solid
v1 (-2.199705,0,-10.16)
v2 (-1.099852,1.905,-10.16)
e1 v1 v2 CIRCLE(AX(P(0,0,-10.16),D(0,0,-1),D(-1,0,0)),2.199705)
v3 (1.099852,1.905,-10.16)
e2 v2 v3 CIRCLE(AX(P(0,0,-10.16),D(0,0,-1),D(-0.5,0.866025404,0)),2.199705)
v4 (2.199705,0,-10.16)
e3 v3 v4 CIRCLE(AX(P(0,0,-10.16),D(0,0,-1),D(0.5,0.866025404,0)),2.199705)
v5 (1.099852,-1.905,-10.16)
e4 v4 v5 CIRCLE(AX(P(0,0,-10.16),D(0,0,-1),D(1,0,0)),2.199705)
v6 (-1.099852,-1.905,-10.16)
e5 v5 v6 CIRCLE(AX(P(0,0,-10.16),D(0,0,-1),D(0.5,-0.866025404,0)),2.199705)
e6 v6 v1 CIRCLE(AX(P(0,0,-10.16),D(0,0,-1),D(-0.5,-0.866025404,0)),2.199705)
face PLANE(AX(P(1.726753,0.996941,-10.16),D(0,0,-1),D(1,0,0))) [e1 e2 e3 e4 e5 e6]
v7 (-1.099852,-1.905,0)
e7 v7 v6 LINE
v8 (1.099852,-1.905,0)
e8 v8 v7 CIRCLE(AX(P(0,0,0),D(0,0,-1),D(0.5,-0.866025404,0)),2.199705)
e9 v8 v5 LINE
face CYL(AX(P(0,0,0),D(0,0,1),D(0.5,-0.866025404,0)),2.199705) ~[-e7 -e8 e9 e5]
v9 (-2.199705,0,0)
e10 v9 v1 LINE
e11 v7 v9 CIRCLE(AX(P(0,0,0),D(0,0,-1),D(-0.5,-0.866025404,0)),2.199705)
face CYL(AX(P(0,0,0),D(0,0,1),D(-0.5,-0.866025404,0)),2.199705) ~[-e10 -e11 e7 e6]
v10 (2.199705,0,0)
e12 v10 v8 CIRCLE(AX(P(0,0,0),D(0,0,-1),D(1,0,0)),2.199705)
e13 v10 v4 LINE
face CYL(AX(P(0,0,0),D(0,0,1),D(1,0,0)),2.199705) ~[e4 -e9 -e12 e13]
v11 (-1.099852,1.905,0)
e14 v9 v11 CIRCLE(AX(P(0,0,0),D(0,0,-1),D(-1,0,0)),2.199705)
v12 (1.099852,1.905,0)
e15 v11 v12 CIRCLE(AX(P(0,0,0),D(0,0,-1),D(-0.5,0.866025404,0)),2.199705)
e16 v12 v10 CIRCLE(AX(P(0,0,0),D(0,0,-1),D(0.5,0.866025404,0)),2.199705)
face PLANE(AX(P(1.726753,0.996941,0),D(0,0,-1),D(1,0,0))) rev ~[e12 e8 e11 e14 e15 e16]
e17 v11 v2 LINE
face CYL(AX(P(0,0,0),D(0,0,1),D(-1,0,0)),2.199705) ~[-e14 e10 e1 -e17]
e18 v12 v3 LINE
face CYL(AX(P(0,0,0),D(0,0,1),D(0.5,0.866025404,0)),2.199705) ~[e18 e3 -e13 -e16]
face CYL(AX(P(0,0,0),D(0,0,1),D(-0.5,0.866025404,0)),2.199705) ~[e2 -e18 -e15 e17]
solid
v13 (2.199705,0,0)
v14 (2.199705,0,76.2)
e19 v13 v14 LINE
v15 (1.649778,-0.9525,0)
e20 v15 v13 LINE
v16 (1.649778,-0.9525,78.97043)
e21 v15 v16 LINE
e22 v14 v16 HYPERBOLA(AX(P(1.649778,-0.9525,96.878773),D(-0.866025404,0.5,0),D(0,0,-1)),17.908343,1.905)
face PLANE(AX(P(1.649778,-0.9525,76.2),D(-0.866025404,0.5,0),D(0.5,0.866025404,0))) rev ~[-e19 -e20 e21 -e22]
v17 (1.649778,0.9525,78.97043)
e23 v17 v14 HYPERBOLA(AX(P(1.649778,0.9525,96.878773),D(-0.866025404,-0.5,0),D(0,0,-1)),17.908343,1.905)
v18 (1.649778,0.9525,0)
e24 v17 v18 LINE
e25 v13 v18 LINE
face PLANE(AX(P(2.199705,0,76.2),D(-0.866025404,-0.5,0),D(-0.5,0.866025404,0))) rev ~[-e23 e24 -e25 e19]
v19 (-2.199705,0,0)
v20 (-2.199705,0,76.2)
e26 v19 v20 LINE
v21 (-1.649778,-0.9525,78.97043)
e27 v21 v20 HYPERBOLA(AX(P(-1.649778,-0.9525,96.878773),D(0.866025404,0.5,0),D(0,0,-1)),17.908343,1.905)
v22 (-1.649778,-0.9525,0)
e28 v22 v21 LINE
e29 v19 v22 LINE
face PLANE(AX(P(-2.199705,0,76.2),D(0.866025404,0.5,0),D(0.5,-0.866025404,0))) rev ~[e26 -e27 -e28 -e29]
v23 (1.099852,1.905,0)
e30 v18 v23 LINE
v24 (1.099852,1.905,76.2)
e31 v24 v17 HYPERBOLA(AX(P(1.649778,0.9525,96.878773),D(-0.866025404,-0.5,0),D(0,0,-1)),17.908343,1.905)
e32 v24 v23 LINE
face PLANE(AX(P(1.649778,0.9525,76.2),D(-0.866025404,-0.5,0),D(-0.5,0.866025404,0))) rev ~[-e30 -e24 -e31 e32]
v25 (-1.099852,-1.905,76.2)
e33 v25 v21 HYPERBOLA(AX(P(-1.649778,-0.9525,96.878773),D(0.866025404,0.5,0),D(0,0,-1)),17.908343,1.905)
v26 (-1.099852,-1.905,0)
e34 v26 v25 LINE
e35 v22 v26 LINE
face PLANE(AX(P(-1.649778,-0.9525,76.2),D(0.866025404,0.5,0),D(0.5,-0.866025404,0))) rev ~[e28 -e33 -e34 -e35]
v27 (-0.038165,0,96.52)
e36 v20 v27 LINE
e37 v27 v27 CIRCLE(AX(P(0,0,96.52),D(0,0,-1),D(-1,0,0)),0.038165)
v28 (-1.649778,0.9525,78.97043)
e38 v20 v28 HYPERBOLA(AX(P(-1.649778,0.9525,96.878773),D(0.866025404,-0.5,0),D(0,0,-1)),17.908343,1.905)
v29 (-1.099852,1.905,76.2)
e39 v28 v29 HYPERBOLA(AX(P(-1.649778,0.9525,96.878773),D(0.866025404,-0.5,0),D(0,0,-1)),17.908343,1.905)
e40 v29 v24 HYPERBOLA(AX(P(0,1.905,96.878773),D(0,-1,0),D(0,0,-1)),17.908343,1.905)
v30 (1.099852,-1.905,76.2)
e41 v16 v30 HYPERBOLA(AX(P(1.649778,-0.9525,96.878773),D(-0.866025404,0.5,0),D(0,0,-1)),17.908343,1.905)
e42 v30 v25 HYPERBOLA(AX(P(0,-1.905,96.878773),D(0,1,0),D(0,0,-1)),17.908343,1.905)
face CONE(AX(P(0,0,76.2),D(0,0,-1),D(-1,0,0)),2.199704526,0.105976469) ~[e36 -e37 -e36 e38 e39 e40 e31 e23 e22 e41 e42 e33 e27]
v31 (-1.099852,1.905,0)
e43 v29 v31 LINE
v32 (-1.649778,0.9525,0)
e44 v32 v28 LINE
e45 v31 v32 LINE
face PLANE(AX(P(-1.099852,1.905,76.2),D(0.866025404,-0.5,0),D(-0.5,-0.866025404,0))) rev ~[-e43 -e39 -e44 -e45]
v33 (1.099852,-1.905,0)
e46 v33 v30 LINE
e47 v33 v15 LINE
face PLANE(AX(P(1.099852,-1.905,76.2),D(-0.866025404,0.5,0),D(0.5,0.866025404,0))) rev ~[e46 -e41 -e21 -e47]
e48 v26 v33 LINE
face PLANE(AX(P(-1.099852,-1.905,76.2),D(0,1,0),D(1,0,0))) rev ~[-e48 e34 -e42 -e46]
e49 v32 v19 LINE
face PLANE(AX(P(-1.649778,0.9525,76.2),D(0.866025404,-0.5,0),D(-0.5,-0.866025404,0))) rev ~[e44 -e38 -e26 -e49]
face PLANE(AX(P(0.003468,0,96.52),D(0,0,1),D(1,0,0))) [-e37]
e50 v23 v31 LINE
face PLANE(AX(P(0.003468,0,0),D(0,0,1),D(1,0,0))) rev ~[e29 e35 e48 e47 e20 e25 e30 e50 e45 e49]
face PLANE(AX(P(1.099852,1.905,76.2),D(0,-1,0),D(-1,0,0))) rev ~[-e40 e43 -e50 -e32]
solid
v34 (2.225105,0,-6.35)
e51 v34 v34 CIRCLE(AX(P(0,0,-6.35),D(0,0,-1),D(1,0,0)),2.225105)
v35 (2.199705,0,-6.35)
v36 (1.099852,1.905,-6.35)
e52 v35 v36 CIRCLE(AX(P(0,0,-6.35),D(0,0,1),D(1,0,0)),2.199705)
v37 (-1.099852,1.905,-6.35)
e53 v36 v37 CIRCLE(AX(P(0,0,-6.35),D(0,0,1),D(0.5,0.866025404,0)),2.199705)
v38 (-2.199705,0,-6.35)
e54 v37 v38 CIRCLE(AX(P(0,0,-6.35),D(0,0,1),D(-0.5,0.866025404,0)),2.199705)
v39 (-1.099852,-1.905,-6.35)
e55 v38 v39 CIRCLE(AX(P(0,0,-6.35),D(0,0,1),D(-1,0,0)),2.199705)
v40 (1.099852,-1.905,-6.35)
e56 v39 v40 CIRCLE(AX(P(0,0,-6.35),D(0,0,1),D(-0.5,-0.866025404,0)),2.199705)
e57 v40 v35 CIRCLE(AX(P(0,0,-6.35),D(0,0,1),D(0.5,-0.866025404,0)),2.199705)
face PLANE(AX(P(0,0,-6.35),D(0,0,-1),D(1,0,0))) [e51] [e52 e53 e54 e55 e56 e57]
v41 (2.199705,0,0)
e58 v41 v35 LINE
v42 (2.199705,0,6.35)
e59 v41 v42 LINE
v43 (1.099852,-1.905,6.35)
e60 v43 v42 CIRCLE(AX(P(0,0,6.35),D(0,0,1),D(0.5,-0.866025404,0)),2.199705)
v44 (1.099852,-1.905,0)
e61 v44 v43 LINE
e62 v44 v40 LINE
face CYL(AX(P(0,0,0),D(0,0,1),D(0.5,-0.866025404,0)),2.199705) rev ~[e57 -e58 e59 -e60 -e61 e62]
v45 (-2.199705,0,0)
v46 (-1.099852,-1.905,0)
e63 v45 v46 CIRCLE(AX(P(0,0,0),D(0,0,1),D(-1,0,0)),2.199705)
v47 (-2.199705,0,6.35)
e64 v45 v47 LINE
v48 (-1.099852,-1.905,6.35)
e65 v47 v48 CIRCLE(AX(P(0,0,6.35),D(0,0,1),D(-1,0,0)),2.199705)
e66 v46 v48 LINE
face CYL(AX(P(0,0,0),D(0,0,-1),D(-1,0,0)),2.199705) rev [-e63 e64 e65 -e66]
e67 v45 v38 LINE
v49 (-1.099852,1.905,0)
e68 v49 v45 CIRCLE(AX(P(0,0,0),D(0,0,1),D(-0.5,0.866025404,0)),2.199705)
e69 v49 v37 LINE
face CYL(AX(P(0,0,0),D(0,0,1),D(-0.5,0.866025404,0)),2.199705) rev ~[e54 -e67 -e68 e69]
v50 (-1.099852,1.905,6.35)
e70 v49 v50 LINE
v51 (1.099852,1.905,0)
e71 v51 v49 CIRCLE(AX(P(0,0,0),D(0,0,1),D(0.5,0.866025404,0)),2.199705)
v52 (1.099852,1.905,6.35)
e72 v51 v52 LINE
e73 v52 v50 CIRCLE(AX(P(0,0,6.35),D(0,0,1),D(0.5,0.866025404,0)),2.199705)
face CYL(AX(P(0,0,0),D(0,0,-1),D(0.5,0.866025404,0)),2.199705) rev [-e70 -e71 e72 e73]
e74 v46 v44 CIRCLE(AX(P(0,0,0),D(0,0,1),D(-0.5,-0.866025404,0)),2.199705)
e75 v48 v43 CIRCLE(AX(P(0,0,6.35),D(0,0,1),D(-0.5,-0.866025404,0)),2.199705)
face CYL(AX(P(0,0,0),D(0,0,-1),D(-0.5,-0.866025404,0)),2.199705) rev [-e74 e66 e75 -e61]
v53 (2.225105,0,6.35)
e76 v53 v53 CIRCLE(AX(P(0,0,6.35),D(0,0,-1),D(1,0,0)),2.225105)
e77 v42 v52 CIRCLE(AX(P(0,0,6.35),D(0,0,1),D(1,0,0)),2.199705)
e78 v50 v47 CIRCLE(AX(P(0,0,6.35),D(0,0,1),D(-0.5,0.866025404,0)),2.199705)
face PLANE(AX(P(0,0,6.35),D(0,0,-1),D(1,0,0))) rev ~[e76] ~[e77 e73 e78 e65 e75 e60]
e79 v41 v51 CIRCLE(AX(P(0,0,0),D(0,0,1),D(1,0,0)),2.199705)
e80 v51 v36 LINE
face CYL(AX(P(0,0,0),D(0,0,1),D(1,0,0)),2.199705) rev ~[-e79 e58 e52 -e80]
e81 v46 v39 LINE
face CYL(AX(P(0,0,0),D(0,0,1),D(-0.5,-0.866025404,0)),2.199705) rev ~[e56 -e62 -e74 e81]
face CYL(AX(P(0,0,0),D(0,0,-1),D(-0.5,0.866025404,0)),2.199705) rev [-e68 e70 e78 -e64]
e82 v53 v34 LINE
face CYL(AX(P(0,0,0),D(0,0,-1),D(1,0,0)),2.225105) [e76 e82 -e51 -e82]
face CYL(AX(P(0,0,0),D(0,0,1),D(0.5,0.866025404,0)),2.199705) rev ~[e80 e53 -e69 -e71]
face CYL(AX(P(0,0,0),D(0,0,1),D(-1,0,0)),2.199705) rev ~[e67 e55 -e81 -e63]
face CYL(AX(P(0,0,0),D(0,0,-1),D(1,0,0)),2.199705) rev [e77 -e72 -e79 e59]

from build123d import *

# Parameters (mm, degrees)
F1_DEPTH = 76.2
F2_DEPTH = 20.32
F6_R     = 2.2251045256
F7_DEPTH = 6.35
F8_DEPTH = 10.16


with BuildPart() as f1:
    # F0 (on Top) → F1 (new body)
    with BuildSketch(Plane.XY):
        with BuildLine():
            ThreePointArc((1.6497784004, -0.9524999894), (1.8400887007, -0.493050275), (1.905, 0))
            ThreePointArc((1.905, 0), (1.8400887022, 0.4930502693), (1.6497784063, 0.9524999791))
            ThreePointArc((1.6497784063, 0.9524999791), (0.9525000104, 1.6497783882), (0, 1.905))
            ThreePointArc((0, 1.905), (-0.9525000104, 1.6497783882), (-1.6497784063, 0.9524999791))
            ThreePointArc((-1.6497784063, 0.9524999791), (-1.905, 0), (-1.6497784063, -0.9524999791))
            ThreePointArc((-1.6497784063, -0.9524999791), (-0.9525000104, -1.6497783882), (0, -1.905))
            ThreePointArc((0, -1.905), (0.9525000053, -1.6497783911), (1.6497784004, -0.9524999894))
        make_face()
        with BuildLine():
            ThreePointArc((-1.6497784063, 0.9524999791), (-0.9525000104, 1.6497783882), (0, 1.905))
            Line((0, 1.905), (-1.0998522628, 1.905))
            Line((-1.0998522628, 1.905), (-1.6497784063, 0.9524999791))
        make_face()
        with BuildLine():
            ThreePointArc((-1.6497784063, -0.9524999791), (-1.905, 0), (-1.6497784063, 0.9524999791))
            Line((-1.6497784063, 0.9524999791), (-2.1997045256, 0))
            Line((-2.1997045256, 0), (-1.6497784063, -0.9524999791))
        make_face()
        with BuildLine():
            Line((-1.0998522628, -1.905), (0, -1.905))
            ThreePointArc((0, -1.905), (-0.9525000104, -1.6497783882), (-1.6497784063, -0.9524999791))
            Line((-1.6497784063, -0.9524999791), (-1.0998522628, -1.905))
        make_face()
        with BuildLine():
            Line((1.0998522628, -1.905), (1.6497784004, -0.9524999894))
            ThreePointArc((1.6497784004, -0.9524999894), (0.9525000053, -1.6497783911), (0, -1.905))
            Line((0, -1.905), (1.0998522628, -1.905))
        make_face()
        with BuildLine():
            ThreePointArc((1.6497784063, 0.9524999791), (1.8400887022, 0.4930502693), (1.905, 0))
            ThreePointArc((1.905, 0), (1.8400887007, -0.493050275), (1.6497784004, -0.9524999894))
            Line((1.6497784004, -0.9524999894), (2.1997045256, 0))
            Line((2.1997045256, 0), (1.6497784063, 0.9524999791))
        make_face()
        with BuildLine():
            ThreePointArc((0, 1.905), (0.9525000104, 1.6497783882), (1.6497784063, 0.9524999791))
            Line((1.6497784063, 0.9524999791), (1.0998522628, 1.905))
            Line((1.0998522628, 1.905), (0, 1.905))
        make_face()
    extrude(amount=F1_DEPTH)

    # F2 (add): a face of the model
    f2_faces = [f1.faces().sort_by_distance(p)[0] for p in [
        (0, 0, 76.2),
    ]]
    extrude(f2_faces, amount=F2_DEPTH)

    # F3 (on Front) → F5 (revolve, cut)
    with BuildSketch(Plane.XZ):
        Polygon((-2.1997045256, 96.52), (-2.1997045256, 76.2), (-0.0381645256, 96.52), align=None)
    revolve(axis=Axis((0, 0, 48.3170896769), (0, 0, -1)), mode=Mode.SUBTRACT)


with BuildPart() as f7:
    # F6 (on face) → F7 (new body, symmetric)
    with BuildSketch(Plane(origin=(0, 0, 0), x_dir=(1, 0, 0), z_dir=(0, 0, -1))):
        Circle(F6_R)
        with BuildLine():
            ThreePointArc((1.0998522628, 1.905), (1.905, 1.0998522628), (2.1997045256, 0))
            ThreePointArc((2.1997045256, 0), (1.905, -1.0998522628), (1.0998522628, -1.905))
            ThreePointArc((1.0998522628, -1.905), (0, -2.1997045256), (-1.0998522628, -1.905))
            ThreePointArc((-1.0998522628, -1.905), (-1.905, -1.0998522628), (-2.1997045256, 0))
            ThreePointArc((-2.1997045256, 0), (-1.905, 1.0998522628), (-1.0998522628, 1.905))
            ThreePointArc((-1.0998522628, 1.905), (0, 2.1997045256), (1.0998522628, 1.905))
        make_face(mode=Mode.SUBTRACT)
    extrude(amount=F7_DEPTH, both=True)


with BuildPart() as f8:
    # F6 (on face) → F8 (new body)
    with BuildSketch(Plane(origin=(0, 0, 0), x_dir=(1, 0, 0), z_dir=(0, 0, -1))):
        with BuildLine():
            ThreePointArc((1.0998522628, -1.905), (1.905, -1.0998522628), (2.1997045256, 0))
            Line((2.1997045256, 0), (1.0998522628, -1.905))
        make_face()
        with BuildLine():
            ThreePointArc((-1.0998522628, -1.905), (0, -2.1997045256), (1.0998522628, -1.905))
            Line((1.0998522628, -1.905), (-1.0998522628, -1.905))
        make_face()
        Polygon((1.0998522628, -1.905), (2.1997045256, 0), (1.0998522628, 1.905), (-1.0998522628, 1.905), (-2.1997045256, 0), (-1.0998522628, -1.905), align=None)
        with BuildLine():
            ThreePointArc((-2.1997045256, 0), (-1.905, -1.0998522628), (-1.0998522628, -1.905))
            Line((-1.0998522628, -1.905), (-2.1997045256, 0))
        make_face()
        with BuildLine():
            Line((-2.1997045256, 0), (-1.0998522628, 1.905))
            ThreePointArc((-1.0998522628, 1.905), (-1.905, 1.0998522628), (-2.1997045256, 0))
        make_face()
        with BuildLine():
            Line((1.0998522628, 1.905), (2.1997045256, 0))
            ThreePointArc((2.1997045256, 0), (1.905, 1.0998522628), (1.0998522628, 1.905))
        make_face()
        with BuildLine():
            Line((-1.0998522628, 1.905), (1.0998522628, 1.905))
            ThreePointArc((1.0998522628, 1.905), (0, 2.1997045256), (-1.0998522628, 1.905))
        make_face()
    extrude(amount=F8_DEPTH)


solid = Compound([f1.part, f7.part, f8.part])
